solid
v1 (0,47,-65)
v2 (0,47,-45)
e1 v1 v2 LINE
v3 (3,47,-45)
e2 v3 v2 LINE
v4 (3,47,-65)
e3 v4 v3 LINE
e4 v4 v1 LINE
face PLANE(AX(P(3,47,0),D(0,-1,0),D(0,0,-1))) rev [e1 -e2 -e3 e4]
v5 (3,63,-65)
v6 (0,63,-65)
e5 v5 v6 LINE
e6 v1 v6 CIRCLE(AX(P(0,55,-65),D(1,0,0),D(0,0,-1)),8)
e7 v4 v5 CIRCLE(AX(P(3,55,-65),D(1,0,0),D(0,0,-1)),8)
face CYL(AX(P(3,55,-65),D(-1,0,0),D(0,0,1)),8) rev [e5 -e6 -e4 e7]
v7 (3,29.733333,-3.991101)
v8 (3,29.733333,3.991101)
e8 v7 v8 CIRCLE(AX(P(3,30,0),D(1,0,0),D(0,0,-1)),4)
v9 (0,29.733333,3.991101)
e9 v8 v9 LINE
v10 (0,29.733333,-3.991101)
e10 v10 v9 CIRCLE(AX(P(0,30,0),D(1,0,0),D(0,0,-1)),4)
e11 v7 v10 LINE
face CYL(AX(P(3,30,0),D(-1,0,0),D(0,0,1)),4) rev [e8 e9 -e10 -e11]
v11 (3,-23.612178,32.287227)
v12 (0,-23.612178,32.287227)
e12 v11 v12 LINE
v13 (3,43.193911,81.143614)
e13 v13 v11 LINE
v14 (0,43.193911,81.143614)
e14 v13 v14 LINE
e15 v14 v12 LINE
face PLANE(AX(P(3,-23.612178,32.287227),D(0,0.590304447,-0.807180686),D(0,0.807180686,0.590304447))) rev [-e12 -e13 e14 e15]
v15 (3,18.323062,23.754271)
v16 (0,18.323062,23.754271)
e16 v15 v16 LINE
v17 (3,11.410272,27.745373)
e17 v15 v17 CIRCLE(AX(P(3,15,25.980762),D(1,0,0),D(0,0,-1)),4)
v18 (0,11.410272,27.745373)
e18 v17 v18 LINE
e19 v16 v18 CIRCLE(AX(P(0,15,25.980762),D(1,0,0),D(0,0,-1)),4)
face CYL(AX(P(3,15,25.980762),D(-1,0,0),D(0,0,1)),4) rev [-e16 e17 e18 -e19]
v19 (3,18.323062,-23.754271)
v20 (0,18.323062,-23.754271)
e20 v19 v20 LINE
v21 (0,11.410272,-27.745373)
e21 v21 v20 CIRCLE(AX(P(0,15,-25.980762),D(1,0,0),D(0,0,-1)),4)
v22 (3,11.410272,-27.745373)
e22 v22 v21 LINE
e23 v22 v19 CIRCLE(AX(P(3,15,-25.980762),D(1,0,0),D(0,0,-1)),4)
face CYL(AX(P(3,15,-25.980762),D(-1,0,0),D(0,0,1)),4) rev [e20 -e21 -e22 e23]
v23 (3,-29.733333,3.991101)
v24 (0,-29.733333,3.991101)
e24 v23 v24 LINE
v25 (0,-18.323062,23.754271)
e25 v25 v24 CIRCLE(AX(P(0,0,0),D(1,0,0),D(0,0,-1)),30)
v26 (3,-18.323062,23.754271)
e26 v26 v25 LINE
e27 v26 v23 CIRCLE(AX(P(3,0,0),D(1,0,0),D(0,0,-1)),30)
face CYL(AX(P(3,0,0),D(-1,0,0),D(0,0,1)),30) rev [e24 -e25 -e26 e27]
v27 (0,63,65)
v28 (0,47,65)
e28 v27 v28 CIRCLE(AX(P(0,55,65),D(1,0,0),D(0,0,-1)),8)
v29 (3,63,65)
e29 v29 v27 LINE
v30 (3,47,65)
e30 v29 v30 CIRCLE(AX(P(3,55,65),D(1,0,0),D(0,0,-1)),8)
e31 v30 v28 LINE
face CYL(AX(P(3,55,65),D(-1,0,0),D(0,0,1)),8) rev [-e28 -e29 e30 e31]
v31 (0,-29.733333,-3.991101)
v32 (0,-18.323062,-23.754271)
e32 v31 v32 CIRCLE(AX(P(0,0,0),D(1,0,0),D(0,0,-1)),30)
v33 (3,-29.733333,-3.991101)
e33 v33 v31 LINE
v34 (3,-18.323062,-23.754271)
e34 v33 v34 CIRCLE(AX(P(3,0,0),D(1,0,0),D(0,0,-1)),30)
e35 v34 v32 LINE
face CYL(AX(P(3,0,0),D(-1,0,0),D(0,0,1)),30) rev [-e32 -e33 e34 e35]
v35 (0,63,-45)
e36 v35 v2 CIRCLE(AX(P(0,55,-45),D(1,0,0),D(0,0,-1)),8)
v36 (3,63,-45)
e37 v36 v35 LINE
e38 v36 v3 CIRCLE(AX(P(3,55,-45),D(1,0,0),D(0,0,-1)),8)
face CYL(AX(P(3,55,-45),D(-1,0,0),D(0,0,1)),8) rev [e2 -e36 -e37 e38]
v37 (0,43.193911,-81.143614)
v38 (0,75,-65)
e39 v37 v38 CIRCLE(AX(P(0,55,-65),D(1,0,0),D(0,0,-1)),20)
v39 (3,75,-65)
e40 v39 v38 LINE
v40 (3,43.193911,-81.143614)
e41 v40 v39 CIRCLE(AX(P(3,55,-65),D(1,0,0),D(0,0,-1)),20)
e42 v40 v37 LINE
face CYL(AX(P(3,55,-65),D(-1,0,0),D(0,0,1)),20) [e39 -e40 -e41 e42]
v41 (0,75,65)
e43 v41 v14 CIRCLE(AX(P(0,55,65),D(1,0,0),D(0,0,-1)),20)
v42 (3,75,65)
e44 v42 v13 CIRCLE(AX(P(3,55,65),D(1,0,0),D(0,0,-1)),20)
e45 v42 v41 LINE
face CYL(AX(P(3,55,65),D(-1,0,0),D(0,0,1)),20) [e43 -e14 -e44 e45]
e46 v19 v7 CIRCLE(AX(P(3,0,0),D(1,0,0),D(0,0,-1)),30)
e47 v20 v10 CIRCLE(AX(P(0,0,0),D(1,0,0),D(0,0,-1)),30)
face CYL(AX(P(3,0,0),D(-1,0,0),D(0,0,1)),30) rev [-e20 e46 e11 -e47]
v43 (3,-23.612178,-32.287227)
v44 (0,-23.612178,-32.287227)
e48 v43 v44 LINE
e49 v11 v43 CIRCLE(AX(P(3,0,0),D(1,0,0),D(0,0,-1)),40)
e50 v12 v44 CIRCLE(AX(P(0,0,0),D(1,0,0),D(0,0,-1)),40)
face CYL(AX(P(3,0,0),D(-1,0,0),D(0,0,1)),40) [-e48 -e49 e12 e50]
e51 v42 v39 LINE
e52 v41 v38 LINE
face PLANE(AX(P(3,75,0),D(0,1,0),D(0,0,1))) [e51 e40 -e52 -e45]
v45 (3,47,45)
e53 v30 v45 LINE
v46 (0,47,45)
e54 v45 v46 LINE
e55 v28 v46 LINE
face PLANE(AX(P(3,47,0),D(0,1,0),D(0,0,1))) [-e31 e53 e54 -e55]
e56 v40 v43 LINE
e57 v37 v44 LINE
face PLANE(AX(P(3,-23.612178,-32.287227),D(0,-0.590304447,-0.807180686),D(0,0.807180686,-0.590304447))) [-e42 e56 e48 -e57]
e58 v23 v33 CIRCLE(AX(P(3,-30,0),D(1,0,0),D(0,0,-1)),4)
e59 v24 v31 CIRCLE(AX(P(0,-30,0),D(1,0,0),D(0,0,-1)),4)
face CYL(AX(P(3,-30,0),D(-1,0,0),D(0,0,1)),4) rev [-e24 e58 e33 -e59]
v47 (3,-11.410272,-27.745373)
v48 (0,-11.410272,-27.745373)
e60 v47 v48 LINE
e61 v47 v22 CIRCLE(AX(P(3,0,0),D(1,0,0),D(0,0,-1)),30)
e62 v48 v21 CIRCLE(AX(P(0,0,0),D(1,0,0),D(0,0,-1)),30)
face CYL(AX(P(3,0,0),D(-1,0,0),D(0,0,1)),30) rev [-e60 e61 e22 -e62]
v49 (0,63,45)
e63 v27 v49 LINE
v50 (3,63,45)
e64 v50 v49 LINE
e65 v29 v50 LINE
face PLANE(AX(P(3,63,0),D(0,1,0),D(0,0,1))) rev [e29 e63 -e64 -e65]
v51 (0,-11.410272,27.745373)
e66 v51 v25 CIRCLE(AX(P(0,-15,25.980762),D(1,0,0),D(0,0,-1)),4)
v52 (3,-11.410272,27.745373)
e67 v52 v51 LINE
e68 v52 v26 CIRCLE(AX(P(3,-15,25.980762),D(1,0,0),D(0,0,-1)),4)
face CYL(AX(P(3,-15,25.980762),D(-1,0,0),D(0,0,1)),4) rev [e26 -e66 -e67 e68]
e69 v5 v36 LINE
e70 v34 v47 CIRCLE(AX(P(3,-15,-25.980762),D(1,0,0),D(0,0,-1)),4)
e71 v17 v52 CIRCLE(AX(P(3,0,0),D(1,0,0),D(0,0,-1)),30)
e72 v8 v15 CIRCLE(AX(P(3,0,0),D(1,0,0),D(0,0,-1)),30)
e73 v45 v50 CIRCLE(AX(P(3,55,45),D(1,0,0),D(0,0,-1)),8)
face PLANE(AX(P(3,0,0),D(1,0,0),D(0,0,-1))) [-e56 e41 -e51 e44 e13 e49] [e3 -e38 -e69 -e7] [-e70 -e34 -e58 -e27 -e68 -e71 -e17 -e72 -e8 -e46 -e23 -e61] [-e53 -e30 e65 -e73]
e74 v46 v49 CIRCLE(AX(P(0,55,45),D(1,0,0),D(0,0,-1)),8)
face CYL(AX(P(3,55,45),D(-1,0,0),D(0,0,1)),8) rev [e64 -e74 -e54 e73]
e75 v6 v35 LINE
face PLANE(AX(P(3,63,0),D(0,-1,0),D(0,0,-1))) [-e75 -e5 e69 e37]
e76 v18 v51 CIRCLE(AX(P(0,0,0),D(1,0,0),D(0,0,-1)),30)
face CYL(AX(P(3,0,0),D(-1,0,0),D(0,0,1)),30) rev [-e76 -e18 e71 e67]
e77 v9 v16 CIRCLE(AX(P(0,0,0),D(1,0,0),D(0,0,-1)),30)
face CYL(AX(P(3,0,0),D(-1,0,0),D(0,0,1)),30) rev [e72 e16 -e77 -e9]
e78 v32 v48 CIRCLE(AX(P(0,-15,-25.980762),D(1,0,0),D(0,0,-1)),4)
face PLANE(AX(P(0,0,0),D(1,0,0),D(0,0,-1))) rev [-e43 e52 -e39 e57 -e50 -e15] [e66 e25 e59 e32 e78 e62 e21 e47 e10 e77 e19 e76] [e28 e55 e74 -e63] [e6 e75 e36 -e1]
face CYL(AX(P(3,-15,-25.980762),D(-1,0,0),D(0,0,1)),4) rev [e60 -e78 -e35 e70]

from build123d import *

# Parameters (mm, degrees)
BOSS_EXTRUDE2_DEPTH = 3


with BuildPart() as part:
    # Sketch1 → Boss-Extrude2 (new body)
    with BuildSketch(Plane(origin=(0, 0, 0), x_dir=(0, 0, -1), z_dir=(1, 0, 0))):
        with BuildLine():
            Line((65, 75), (-65, 75))
            ThreePointArc((-65, 75), (-82.834261673, 64.052022459), (-81.143613719, 43.193911059))
            Line((-81.143613719, 43.193911059), (-32.287227439, -23.612177882))
            ThreePointArc((-32.287227439, -23.612177882), (0, -40), (32.287227439, -23.612177882))
            Line((32.287227439, -23.612177882), (81.143613719, 43.193911059))
            ThreePointArc((81.143613719, 43.193911059), (82.834261673, 64.052022459), (65, 75))
        make_face()
        with BuildLine():
            ThreePointArc((-27.745372612, -11.410271628), (-30, 0), (-27.745372612, 11.410271628))
            ThreePointArc((-27.745372612, 11.410271628), (-29.444863729, 17), (-23.7542714, 18.323061706))
            ThreePointArc((-23.7542714, 18.323061706), (-15, 25.980762114), (-3.991101213, 29.733333333))
            ThreePointArc((-3.991101213, 29.733333333), (-0.133407552, 33.997774684), (4, 30))
            ThreePointArc((4, 30), (3.997774684, 29.866592448), (3.991101213, 29.733333333))
            ThreePointArc((3.991101213, 29.733333333), (15, 25.980762114), (23.7542714, 18.323061706))
            ThreePointArc((23.7542714, 18.323061706), (27.864115127, 18.528878211), (29.980762114, 15))
            ThreePointArc((29.980762114, 15), (29.376232773, 12.885578329), (27.745372612, 11.410271628))
            ThreePointArc((27.745372612, 11.410271628), (30, 0), (27.745372612, -11.410271628))
            ThreePointArc((27.745372612, -11.410271628), (29.376232773, -12.885578329), (29.980762114, -15))
            ThreePointArc((29.980762114, -15), (27.864115127, -18.528878211), (23.7542714, -18.323061706))
            ThreePointArc((23.7542714, -18.323061706), (15, -25.980762114), (3.991101213, -29.733333333))
            ThreePointArc((3.991101213, -29.733333333), (3.997774684, -29.866592448), (4, -30))
            ThreePointArc((4, -30), (-0.133407552, -33.997774684), (-3.991101213, -29.733333333))
            ThreePointArc((-3.991101213, -29.733333333), (-15, -25.980762114), (-23.7542714, -18.323061706))
            ThreePointArc((-23.7542714, -18.323061706), (-29.444863729, -17), (-27.745372612, -11.410271628))
        make_face(mode=Mode.SUBTRACT)
        with BuildLine():
            ThreePointArc((-65, 47), (-73, 55), (-65, 63))
            Line((-65, 63), (-45, 63))
            ThreePointArc((-45, 63), (-37, 55), (-45, 47))
            Line((-45, 47), (-65, 47))
        make_face(mode=Mode.SUBTRACT)
        with BuildLine():
            ThreePointArc((65, 63), (73, 55), (65, 47))
            Line((65, 47), (45, 47))
            ThreePointArc((45, 47), (37, 55), (45, 63))
            Line((45, 63), (65, 63))
        make_face(mode=Mode.SUBTRACT)
    extrude(amount=BOSS_EXTRUDE2_DEPTH)


solid = part.part
